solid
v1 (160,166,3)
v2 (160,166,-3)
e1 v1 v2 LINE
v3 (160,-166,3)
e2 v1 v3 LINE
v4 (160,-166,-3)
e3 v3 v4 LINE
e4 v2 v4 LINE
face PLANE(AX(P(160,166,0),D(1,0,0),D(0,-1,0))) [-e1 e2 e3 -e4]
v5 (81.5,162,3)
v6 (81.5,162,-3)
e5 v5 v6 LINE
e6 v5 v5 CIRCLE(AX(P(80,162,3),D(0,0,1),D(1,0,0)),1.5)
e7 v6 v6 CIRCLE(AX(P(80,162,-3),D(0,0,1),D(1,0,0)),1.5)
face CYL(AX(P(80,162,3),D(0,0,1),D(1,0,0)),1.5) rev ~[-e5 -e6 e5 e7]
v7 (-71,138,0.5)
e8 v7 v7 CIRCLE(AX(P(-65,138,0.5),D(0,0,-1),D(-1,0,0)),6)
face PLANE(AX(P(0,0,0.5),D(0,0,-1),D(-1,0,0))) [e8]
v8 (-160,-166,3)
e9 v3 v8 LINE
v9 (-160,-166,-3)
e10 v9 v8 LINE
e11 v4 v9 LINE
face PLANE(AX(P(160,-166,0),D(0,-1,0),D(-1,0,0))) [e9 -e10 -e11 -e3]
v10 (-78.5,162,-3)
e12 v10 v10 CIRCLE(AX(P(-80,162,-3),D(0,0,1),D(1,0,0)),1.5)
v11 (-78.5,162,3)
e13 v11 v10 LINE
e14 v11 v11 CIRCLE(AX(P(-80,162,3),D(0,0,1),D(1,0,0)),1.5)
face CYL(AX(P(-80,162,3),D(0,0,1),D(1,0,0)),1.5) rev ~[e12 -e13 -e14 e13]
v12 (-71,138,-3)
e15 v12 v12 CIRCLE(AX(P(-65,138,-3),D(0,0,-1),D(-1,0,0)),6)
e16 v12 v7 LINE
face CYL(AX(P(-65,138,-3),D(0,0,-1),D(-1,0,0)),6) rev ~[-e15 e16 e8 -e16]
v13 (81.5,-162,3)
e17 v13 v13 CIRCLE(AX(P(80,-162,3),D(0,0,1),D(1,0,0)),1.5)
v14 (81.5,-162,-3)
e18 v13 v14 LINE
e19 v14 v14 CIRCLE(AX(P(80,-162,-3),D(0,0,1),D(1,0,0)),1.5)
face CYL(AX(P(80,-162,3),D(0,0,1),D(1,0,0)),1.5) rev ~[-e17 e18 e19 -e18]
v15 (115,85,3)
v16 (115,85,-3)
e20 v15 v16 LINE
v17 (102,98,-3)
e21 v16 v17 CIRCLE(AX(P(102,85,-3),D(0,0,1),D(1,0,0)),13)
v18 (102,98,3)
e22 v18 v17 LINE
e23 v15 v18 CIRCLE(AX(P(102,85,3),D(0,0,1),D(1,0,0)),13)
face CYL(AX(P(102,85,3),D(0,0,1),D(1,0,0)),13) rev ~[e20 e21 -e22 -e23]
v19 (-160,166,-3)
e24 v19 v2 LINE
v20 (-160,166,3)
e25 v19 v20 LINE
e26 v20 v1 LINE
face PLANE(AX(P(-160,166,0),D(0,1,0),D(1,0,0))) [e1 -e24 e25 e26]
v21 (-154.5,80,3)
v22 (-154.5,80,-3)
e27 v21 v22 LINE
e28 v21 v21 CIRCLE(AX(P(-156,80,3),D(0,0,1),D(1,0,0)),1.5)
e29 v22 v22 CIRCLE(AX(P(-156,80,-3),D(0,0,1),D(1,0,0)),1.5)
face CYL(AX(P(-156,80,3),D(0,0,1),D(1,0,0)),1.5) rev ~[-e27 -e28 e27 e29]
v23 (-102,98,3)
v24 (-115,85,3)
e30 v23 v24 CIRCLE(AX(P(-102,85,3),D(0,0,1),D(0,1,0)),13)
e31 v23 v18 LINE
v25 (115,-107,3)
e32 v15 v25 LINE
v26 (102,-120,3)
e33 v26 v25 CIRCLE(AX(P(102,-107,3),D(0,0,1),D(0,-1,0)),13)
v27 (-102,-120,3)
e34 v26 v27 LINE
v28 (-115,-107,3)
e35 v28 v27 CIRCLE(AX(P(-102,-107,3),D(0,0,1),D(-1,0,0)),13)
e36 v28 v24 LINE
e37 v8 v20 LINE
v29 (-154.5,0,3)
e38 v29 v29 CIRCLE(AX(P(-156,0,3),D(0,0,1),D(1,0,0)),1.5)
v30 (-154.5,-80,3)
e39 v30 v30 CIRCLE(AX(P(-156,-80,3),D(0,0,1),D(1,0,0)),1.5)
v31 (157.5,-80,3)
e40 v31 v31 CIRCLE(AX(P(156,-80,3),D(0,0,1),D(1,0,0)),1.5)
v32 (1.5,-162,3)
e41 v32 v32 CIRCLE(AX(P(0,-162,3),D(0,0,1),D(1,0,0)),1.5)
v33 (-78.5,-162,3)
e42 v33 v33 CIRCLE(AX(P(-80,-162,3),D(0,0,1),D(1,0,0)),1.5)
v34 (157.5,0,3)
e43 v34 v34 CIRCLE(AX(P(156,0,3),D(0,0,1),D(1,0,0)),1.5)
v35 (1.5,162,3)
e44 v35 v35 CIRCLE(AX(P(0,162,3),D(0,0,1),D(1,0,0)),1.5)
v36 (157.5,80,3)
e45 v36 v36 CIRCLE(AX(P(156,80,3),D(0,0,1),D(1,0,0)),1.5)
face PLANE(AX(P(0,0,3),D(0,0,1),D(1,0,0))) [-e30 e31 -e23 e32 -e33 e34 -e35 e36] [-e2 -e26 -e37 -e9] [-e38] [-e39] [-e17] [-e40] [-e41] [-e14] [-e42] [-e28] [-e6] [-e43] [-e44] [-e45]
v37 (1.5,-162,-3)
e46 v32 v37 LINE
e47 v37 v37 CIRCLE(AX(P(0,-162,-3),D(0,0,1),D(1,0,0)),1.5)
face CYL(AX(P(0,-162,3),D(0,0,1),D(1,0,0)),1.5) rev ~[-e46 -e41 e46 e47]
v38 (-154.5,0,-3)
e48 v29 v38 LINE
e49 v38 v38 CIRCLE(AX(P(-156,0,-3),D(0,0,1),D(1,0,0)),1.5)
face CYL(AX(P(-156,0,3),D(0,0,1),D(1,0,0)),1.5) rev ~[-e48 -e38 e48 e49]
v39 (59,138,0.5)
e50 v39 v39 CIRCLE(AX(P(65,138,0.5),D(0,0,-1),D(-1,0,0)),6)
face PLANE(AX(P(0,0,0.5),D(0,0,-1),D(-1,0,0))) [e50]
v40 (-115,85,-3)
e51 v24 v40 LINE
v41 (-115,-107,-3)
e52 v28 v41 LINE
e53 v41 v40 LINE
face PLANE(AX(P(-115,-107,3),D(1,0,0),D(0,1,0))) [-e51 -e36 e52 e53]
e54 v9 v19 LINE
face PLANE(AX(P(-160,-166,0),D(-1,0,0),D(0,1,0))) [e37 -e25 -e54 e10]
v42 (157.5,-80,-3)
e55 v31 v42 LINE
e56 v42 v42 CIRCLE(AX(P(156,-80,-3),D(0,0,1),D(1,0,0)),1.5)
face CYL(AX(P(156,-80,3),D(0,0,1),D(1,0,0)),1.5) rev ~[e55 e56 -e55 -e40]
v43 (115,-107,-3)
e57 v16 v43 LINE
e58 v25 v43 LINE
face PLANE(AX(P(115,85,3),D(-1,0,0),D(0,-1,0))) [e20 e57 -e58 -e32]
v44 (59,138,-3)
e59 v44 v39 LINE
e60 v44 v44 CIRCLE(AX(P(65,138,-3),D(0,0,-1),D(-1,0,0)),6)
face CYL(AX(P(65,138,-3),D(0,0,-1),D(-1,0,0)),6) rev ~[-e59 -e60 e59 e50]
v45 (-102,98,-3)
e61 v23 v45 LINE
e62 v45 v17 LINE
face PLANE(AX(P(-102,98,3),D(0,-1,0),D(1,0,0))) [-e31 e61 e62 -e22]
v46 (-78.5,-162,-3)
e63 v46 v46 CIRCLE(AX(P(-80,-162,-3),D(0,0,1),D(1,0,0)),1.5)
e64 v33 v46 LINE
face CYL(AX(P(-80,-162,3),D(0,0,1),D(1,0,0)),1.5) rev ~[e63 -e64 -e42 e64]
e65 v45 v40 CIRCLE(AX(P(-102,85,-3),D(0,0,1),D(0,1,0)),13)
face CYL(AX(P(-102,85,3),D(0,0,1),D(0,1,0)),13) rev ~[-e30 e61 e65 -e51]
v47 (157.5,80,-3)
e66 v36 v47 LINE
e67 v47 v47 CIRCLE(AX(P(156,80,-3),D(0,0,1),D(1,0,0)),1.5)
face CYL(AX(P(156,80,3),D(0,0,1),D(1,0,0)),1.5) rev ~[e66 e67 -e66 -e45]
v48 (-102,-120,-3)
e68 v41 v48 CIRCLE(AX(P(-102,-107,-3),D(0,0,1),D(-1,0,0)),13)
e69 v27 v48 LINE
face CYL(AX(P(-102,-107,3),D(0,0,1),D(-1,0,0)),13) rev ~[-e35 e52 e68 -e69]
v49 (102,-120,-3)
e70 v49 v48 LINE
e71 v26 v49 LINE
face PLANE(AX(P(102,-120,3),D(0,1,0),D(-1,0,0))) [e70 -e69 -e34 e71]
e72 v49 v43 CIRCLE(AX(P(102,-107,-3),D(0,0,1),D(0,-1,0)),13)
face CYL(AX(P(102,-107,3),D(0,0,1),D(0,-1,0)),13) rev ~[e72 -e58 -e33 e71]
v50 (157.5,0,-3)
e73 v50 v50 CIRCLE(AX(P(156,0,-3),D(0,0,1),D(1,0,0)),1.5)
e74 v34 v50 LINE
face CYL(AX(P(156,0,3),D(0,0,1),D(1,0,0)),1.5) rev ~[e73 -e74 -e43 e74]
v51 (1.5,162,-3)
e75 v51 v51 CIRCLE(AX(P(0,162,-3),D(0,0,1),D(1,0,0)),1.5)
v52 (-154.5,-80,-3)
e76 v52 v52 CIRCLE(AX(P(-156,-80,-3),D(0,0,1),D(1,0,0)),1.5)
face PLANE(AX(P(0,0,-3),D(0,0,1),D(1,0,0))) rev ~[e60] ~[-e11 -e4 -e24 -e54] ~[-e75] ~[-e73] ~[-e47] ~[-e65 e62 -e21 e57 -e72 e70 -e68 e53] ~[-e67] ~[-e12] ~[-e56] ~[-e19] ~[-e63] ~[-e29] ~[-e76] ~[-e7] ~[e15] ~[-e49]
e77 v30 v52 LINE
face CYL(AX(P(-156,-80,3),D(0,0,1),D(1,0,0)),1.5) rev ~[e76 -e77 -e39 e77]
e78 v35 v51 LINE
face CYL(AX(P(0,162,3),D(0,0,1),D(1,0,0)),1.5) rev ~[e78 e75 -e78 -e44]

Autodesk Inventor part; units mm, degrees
ref_plane "YZ Plane" through (0, 0, 0) normal (1, 0, 0) x (0, 1, 0)
ref_plane "XZ Plane" through (0, 0, 0) normal (0, 1, 0) x (-1, 0, 0)
ref_plane "XY Plane" through (0, 0, 0) normal (0, 0, 1) x (1, 0, 0)
sketch "Sketch1" plane through (0, 0, 0) normal (0, 0, 1) x (1, 0, 0)
  line L0 (-160, 166) -> (160, 166)
  line L1 (160, 166) -> (160, -166)
  line L2 (160, -166) -> (-160, -166)
  line L3 (-160, -166) -> (-160, 166)
  point P0 (0, 0)
  dimension "d0" = 320
  dimension "d1" = 332
  dimension "d2" = 160
  dimension "d3" = 166
extrude "Tykkelse" add sketch "Sketch1" along normal mid plane 6
sketch "Sketch2" plane through (0, 0, 3) normal (0, 0, 1) x (1, 0, 0)
  line L0 (-102, 98) -> (102, 98)
  line L1 (115, 85) -> (115, -107)
  line L2 (102, -120) -> (-102, -120)
  line L3 (-115, -107) -> (-115, 85)
  line L4 (160, -166) -> (160, 166) projected
  line L5 (-160, 166) -> (-160, -166) projected
  line L6 (-160, -166) -> (160, -166) projected
  line L7 (160, 166) -> (-160, 166) projected
  arc A0 (-102, 98) -> (-115, 85) centre (-102, 85) ccw
  arc A1 (115, 85) -> (102, 98) centre (102, 85) ccw
  arc A2 (102, -120) -> (115, -107) centre (102, -107) ccw
  arc A3 (-115, -107) -> (-102, -120) centre (-102, -107) ccw
  point P0 (0, 0)
  dimension "d6" = 45
  dimension "d7" = 45
  dimension "d8" = 46
  dimension "d9" = 68
  dimension "d10" = 13
  dimension "d20" = 218
  dimension "d21" = 230
extrude "Vindue" cut sketch "Sketch2" against normal up to surface (6 mm away) contours L0 A1 L1 A2 L2 A3 L3 A0
sketch "Sketch3" plane through (0, 0, -3) normal (0, 0, -1) x (-1, 0, 0)
  circle A0 centre (65, 138) radius 6
  circle A1 centre (-65, 138) radius 6
  line L0 (-65, 138) -> (65, 138) construction
  line L1 (160, 166) -> (-160, 166) projected
  point P0 (0, 0)
  dimension "d13" = 12
  dimension "d14" = 12
  dimension "d15" = 130
  dimension "d16" = 65
  dimension "d17" = 28
extrude "Ø12 mm huller" cut sketch "Sketch3" against normal blind 3.5
sketch "Sketch4" plane through (0, 0, 3) normal (0, 0, 1) x (1, 0, 0)
  line L0 (156, 162) -> (-156, 162) construction
  line L1 (-156, 162) -> (-156, -162) construction
  line L2 (-156, -162) -> (156, -162) construction
  line L3 (156, -162) -> (156, 162) construction
  circle A0 centre (-156, -80) radius 1.5
  circle A1 centre (-156, 0) radius 1.5
  circle A2 centre (-156, 80) radius 1.5
  circle A3 centre (-80, 162) radius 1.5
  circle A4 centre (0, 162) radius 1.5
  circle A5 centre (80, 162) radius 1.5
  circle A6 centre (156, 80) radius 1.5
  circle A7 centre (156, 0) radius 1.5
  circle A8 centre (156, -80) radius 1.5
  circle A9 centre (-80, -162) radius 1.5
  circle A10 centre (0, -162) radius 1.5
  circle A11 centre (80, -162) radius 1.5
  line L4 (-160, 166) -> (-160, -166) construction
  line L5 (-160, -166) -> (160, -166) construction
  line L6 (160, 166) -> (-160, 166) construction
  line L7 (160, -166) -> (160, 166) construction
  point P0 (0, 0)
  dimension "d22" = 3
  dimension "d23" = 3
  dimension "d24" = 3
  dimension "d25" = 3
  dimension "d26" = 3
  dimension "d27" = 3
  dimension "d28" = 3
  dimension "d29" = 3
  dimension "d30" = 3
  dimension "d31" = 3
  dimension "d32" = 3
  dimension "d33" = 3
  dimension "d34" = 4
  dimension "d35" = 4
  dimension "d36" = 4
  dimension "d37" = 4
  dimension "d38" = 240
  dimension "d39" = 160
  dimension "d40" = 80
  dimension "d41" = 80
  dimension "d42" = 160
  dimension "d43" = 240
  dimension "d44" = 86
  dimension "d45" = 166
  dimension "d46" = 246
  dimension "d47" = 246
  dimension "d48" = 166
  dimension "d49" = 86
extrude "Monteringshuller" cut sketch "Sketch4" against normal up to surface (6 mm away)
equation "\"d2\" = 0.5 * d0"
equation "\"d3\" = 0.5 * d1"
equation "\"d7\" = d6"
equation "\"d14\" = d13"
equation "\"d16\" = 0.5 * d15"
equation "\"d22\" = d23"
equation "\"d24\" = d23"
equation "\"d25\" = d23"
equation "\"d26\" = d23"
equation "\"d27\" = d23"
equation "\"d28\" = d23"
equation "\"d29\" = d23"
equation "\"d30\" = d23"
equation "\"d31\" = d23"
equation "\"d32\" = d23"
equation "\"d33\" = d23"
properties part number "Låg mk2"
